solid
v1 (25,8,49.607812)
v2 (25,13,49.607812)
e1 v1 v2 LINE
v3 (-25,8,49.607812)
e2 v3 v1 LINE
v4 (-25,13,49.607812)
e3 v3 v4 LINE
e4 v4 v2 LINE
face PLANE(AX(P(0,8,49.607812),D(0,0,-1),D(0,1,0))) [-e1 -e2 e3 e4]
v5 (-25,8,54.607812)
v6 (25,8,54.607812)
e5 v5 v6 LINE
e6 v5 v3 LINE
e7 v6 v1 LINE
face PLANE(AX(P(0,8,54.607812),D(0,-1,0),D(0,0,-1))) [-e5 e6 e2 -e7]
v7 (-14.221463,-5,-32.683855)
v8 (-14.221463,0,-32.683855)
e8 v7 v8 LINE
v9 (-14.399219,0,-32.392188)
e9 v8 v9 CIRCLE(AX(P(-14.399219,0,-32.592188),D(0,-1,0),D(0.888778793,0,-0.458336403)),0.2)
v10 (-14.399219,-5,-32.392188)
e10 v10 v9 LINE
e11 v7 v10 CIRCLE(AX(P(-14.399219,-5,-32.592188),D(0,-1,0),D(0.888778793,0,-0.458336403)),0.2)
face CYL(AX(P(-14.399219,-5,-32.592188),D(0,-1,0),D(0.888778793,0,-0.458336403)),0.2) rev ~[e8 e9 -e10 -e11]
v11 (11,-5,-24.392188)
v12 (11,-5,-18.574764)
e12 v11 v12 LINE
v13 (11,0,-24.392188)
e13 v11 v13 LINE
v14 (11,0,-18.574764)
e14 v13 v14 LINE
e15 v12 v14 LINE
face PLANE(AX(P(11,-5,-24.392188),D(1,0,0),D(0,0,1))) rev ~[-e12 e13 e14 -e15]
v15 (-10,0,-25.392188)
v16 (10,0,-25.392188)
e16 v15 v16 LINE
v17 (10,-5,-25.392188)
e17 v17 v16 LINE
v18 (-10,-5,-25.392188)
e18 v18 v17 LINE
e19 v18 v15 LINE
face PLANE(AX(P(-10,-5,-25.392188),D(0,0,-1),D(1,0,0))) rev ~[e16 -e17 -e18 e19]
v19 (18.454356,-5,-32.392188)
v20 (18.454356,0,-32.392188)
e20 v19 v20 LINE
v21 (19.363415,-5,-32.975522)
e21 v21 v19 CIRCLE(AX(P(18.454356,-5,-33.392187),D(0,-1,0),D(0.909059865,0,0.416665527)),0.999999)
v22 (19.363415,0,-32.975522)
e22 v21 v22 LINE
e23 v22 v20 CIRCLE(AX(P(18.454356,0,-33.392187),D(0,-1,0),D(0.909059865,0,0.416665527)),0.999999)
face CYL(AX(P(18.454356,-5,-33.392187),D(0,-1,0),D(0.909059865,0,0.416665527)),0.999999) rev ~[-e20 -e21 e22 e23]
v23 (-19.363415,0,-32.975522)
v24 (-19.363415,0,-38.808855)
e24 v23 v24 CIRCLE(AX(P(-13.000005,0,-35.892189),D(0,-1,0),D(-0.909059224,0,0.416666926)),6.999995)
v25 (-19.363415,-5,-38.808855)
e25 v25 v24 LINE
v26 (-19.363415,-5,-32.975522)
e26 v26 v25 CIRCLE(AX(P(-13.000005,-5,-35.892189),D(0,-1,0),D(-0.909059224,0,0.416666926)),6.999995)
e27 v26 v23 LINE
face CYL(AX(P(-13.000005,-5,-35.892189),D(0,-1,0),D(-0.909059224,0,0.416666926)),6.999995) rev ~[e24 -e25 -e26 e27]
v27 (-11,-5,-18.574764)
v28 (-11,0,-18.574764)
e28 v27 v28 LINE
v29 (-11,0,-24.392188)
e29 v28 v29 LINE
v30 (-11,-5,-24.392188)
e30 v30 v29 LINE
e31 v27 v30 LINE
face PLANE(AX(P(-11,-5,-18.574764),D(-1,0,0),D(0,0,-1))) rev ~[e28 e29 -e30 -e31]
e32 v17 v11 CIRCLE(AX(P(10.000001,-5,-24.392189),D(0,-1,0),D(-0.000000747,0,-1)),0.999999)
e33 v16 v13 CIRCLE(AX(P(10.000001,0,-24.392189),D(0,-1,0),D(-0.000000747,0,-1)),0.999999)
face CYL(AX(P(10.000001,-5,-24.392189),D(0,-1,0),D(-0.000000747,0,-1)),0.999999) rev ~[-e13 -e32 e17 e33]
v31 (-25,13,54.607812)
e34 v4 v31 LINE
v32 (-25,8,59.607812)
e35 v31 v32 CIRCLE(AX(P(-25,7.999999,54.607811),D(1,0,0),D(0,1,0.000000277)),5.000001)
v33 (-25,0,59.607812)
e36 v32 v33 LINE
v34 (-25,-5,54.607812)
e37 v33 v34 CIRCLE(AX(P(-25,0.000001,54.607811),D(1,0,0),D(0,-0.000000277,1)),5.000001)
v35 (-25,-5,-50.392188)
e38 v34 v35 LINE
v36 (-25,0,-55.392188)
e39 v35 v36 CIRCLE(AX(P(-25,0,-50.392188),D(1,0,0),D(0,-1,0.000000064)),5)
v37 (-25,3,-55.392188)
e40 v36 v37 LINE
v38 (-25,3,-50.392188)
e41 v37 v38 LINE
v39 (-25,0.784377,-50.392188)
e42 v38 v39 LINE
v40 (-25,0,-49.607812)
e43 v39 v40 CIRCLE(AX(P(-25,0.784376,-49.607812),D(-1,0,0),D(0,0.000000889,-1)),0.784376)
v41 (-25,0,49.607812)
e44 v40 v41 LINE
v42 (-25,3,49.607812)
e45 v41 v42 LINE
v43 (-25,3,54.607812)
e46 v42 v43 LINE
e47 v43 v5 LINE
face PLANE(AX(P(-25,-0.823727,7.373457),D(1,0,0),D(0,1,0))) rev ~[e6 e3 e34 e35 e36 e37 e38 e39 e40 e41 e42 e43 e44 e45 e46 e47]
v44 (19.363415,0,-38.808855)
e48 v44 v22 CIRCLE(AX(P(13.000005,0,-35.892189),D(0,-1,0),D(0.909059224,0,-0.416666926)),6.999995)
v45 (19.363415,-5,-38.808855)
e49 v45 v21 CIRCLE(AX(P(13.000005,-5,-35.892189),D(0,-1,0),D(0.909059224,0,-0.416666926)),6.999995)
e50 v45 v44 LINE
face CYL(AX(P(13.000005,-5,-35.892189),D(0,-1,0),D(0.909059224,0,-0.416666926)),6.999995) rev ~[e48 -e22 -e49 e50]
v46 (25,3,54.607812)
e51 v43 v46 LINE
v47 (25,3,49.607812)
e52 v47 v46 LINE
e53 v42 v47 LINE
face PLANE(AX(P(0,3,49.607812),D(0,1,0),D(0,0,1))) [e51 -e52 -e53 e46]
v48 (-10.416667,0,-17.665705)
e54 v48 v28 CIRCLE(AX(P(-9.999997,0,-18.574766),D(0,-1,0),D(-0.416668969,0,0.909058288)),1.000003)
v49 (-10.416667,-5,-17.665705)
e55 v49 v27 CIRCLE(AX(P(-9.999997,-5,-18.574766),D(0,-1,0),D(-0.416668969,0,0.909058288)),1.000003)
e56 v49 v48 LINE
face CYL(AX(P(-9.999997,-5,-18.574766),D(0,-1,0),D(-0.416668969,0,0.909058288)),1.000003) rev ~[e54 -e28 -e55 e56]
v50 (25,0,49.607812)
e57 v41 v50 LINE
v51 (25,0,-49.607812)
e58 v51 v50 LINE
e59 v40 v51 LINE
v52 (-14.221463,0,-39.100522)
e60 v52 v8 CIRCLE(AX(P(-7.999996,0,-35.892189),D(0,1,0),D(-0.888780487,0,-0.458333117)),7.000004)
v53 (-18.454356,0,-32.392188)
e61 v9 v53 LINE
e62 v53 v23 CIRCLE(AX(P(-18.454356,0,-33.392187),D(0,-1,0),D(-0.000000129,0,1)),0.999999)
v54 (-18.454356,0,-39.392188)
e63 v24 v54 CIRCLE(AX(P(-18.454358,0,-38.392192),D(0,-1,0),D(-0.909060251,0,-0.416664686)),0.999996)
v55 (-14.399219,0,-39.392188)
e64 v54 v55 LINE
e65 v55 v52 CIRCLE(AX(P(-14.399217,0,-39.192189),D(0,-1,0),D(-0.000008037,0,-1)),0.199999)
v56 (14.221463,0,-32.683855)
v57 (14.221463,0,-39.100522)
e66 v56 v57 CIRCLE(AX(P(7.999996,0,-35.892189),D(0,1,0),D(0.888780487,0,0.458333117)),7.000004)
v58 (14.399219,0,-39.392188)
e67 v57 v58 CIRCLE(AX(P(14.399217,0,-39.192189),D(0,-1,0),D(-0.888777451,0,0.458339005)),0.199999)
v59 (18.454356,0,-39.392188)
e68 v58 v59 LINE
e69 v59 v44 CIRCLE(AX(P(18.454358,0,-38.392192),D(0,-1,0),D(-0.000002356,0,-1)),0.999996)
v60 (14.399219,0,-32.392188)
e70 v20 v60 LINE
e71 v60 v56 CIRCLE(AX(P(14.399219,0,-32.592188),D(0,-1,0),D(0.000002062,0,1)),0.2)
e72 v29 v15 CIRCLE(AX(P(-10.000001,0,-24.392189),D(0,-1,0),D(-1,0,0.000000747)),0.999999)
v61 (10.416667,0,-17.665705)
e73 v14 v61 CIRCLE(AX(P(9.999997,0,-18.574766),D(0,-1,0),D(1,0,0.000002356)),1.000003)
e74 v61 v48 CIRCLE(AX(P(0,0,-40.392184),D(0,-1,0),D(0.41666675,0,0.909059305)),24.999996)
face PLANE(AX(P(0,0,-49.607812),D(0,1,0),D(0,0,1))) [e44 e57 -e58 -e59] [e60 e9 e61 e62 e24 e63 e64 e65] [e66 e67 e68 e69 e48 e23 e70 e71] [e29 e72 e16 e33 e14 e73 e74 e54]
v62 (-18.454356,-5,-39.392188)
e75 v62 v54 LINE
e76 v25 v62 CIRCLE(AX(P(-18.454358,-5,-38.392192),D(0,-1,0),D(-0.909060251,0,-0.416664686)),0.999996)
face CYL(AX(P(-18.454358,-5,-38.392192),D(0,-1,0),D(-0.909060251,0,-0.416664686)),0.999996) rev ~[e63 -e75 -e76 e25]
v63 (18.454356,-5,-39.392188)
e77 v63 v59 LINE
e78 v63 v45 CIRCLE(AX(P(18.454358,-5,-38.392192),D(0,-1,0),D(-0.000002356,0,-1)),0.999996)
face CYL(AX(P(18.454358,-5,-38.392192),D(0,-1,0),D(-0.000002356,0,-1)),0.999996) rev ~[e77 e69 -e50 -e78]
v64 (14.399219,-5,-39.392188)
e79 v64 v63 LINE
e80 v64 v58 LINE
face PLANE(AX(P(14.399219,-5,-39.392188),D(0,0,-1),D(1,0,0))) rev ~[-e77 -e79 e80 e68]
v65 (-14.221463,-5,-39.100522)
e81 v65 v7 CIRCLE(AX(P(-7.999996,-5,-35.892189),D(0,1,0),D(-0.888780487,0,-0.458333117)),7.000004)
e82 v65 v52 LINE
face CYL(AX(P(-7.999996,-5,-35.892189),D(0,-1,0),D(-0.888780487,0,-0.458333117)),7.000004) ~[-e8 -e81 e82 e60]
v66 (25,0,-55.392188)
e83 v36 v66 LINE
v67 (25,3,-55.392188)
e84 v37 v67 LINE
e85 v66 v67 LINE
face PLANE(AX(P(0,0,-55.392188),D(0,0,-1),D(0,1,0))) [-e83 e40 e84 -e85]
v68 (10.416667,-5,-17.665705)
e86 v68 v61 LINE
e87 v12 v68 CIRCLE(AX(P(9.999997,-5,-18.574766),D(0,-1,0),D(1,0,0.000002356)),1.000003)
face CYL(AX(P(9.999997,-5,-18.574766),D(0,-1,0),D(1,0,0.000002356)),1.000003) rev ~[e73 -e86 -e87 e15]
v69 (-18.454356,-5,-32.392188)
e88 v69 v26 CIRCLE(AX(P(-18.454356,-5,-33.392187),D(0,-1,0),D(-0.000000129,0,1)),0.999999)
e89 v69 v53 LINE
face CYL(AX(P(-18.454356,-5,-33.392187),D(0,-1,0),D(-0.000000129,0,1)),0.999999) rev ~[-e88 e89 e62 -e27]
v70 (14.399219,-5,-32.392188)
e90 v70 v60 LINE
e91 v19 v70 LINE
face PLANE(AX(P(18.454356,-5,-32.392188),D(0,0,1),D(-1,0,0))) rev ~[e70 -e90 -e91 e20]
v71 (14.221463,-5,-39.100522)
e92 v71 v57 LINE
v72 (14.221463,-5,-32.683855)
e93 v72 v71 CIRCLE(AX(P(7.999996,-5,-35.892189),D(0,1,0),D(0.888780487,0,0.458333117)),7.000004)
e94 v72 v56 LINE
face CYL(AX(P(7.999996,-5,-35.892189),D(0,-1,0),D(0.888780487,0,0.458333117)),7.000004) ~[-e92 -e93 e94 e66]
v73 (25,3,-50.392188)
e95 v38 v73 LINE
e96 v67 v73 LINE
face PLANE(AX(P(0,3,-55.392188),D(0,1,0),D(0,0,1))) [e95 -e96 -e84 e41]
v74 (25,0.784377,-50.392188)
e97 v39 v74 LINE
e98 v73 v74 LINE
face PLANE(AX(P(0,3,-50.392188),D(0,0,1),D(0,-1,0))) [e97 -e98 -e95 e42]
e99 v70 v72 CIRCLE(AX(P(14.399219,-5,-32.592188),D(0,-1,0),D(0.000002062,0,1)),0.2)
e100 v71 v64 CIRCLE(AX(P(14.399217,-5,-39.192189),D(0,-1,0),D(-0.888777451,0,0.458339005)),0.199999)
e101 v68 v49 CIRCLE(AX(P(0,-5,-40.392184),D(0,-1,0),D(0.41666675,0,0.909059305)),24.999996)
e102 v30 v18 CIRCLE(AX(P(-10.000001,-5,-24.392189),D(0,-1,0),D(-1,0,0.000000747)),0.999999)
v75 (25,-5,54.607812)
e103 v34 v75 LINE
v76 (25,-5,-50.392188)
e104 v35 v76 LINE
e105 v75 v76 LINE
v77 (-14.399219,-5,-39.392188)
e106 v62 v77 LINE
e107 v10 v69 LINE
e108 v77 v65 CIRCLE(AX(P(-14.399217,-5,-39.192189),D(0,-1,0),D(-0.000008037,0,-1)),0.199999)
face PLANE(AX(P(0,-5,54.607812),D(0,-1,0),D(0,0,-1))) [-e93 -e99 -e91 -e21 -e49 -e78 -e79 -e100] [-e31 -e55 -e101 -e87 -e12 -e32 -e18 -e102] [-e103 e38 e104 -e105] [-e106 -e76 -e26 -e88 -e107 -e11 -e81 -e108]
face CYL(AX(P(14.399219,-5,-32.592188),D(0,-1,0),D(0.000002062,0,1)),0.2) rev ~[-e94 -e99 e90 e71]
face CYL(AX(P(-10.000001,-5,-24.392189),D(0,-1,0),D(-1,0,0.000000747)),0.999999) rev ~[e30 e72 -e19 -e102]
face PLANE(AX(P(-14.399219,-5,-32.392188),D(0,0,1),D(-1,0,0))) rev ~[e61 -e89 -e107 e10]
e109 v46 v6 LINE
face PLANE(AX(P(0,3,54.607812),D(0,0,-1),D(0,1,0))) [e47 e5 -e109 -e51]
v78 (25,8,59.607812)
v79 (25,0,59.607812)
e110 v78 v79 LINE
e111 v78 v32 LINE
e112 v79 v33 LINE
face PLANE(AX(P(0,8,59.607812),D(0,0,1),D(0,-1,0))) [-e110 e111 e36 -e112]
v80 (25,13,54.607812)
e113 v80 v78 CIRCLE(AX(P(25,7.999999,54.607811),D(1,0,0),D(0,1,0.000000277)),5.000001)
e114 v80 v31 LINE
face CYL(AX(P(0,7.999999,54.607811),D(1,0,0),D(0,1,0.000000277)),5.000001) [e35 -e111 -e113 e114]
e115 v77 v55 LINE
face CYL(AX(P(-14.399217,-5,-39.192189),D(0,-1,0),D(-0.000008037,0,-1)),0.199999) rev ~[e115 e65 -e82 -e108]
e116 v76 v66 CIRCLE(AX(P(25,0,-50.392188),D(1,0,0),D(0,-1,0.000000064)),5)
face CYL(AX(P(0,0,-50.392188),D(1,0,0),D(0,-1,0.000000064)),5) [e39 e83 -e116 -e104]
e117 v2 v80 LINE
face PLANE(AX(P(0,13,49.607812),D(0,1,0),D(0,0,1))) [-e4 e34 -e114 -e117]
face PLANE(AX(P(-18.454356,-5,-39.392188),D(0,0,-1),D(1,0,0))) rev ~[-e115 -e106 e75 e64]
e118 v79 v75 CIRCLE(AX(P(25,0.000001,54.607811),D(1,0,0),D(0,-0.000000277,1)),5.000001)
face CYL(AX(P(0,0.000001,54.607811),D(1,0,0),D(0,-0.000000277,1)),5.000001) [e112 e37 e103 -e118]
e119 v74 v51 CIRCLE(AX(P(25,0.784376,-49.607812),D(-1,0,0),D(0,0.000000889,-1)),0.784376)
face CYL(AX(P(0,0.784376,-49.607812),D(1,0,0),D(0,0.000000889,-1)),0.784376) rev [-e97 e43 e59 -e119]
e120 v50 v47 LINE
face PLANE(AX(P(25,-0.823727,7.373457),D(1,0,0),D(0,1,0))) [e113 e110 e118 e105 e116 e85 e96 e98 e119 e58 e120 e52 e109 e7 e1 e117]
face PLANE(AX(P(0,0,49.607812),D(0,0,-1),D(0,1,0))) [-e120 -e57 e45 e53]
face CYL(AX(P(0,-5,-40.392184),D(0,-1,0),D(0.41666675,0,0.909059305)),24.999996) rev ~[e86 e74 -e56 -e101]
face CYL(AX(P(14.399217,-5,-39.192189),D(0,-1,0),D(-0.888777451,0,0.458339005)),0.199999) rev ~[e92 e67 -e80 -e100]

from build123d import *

# Parameters (mm, degrees)
F1_DEPTH = 25
F3_DEPTH = 5


with BuildPart() as f1:
    # F0 (on Right) → F1 (new body, symmetric)
    with BuildSketch(Plane.YZ):
        with BuildLine():
            ThreePointArc((0, 59.607812), (-3.535534, 58.143345), (-5, 54.607812))
            Line((-5, 54.607812), (-5, -50.392188))
            ThreePointArc((-5, -50.392188), (-3.535534, -53.927722), (0, -55.392188))
            Line((0, -55.392188), (3, -55.392188))
            Line((3, -55.392188), (3, -50.392188))
            Line((3, -50.392188), (0.784377, -50.392188))
            ThreePointArc((0.784377, -50.392188), (0.229739, -50.16245), (0, -49.607812))
            Line((0, -49.607812), (0, 49.607812))
            Line((0, 49.607812), (3, 49.607812))
            Line((3, 49.607812), (3, 54.607812))
            Line((3, 54.607812), (8, 54.607812))
            Line((8, 54.607812), (8, 49.607812))
            Line((8, 49.607812), (13, 49.607812))
            Line((13, 49.607812), (13, 54.607812))
            ThreePointArc((13, 54.607812), (11.535534, 58.143345), (8, 59.607812))
            Line((8, 59.607812), (0, 59.607812))
        make_face()
    extrude(amount=F1_DEPTH, both=True)

    # F2 (on face) → F3 (cut, through all)
    with BuildSketch(Plane.XZ.offset(5)):
        with BuildLine():
            ThreePointArc((-11, -24.392188), (-10.707107, -25.099295), (-10, -25.392188))
            Line((-10, -25.392188), (10, -25.392188))
            ThreePointArc((10, -25.392188), (10.707107, -25.099295), (11, -24.392188))
            Line((11, -24.392188), (11, -18.574764))
            ThreePointArc((11, -18.574764), (10.841625, -18.034703), (10.416667, -17.665705))
            ThreePointArc((10.416667, -17.665705), (0, -15.392188), (-10.416667, -17.665705))
            ThreePointArc((-10.416667, -17.665705), (-10.841625, -18.034703), (-11, -18.574764))
            Line((-11, -18.574764), (-11, -24.392188))
        make_face()
        with BuildLine():
            ThreePointArc((14.221463, -39.100522), (14.228436, -39.296272), (14.399219, -39.392188))
            Line((14.399219, -39.392188), (18.454356, -39.392188))
            ThreePointArc((18.454356, -39.392188), (18.994418, -39.233814), (19.363415, -38.808855))
            ThreePointArc((19.363415, -38.808855), (20, -35.892188), (19.363415, -32.975522))
            ThreePointArc((19.363415, -32.975522), (18.994418, -32.550563), (18.454356, -32.392188))
            Line((18.454356, -32.392188), (14.399219, -32.392188))
            ThreePointArc((14.399219, -32.392188), (14.228436, -32.488105), (14.221463, -32.683855))
            ThreePointArc((14.221463, -32.683855), (15, -35.892188), (14.221463, -39.100522))
        make_face()
        with BuildLine():
            ThreePointArc((-14.399219, -39.392188), (-14.228436, -39.296272), (-14.221463, -39.100522))
            ThreePointArc((-14.221463, -39.100522), (-15, -35.892188), (-14.221463, -32.683855))
            ThreePointArc((-14.221463, -32.683855), (-14.228436, -32.488105), (-14.399219, -32.392188))
            Line((-14.399219, -32.392188), (-18.454356, -32.392188))
            ThreePointArc((-18.454356, -32.392188), (-18.994418, -32.550563), (-19.363415, -32.975522))
            ThreePointArc((-19.363415, -32.975522), (-20, -35.892188), (-19.363415, -38.808855))
            ThreePointArc((-19.363415, -38.808855), (-18.994418, -39.233814), (-18.454356, -39.392188))
            Line((-18.454356, -39.392188), (-14.399219, -39.392188))
        make_face()
    extrude(amount=-F3_DEPTH, mode=Mode.SUBTRACT)


solid = f1.part
